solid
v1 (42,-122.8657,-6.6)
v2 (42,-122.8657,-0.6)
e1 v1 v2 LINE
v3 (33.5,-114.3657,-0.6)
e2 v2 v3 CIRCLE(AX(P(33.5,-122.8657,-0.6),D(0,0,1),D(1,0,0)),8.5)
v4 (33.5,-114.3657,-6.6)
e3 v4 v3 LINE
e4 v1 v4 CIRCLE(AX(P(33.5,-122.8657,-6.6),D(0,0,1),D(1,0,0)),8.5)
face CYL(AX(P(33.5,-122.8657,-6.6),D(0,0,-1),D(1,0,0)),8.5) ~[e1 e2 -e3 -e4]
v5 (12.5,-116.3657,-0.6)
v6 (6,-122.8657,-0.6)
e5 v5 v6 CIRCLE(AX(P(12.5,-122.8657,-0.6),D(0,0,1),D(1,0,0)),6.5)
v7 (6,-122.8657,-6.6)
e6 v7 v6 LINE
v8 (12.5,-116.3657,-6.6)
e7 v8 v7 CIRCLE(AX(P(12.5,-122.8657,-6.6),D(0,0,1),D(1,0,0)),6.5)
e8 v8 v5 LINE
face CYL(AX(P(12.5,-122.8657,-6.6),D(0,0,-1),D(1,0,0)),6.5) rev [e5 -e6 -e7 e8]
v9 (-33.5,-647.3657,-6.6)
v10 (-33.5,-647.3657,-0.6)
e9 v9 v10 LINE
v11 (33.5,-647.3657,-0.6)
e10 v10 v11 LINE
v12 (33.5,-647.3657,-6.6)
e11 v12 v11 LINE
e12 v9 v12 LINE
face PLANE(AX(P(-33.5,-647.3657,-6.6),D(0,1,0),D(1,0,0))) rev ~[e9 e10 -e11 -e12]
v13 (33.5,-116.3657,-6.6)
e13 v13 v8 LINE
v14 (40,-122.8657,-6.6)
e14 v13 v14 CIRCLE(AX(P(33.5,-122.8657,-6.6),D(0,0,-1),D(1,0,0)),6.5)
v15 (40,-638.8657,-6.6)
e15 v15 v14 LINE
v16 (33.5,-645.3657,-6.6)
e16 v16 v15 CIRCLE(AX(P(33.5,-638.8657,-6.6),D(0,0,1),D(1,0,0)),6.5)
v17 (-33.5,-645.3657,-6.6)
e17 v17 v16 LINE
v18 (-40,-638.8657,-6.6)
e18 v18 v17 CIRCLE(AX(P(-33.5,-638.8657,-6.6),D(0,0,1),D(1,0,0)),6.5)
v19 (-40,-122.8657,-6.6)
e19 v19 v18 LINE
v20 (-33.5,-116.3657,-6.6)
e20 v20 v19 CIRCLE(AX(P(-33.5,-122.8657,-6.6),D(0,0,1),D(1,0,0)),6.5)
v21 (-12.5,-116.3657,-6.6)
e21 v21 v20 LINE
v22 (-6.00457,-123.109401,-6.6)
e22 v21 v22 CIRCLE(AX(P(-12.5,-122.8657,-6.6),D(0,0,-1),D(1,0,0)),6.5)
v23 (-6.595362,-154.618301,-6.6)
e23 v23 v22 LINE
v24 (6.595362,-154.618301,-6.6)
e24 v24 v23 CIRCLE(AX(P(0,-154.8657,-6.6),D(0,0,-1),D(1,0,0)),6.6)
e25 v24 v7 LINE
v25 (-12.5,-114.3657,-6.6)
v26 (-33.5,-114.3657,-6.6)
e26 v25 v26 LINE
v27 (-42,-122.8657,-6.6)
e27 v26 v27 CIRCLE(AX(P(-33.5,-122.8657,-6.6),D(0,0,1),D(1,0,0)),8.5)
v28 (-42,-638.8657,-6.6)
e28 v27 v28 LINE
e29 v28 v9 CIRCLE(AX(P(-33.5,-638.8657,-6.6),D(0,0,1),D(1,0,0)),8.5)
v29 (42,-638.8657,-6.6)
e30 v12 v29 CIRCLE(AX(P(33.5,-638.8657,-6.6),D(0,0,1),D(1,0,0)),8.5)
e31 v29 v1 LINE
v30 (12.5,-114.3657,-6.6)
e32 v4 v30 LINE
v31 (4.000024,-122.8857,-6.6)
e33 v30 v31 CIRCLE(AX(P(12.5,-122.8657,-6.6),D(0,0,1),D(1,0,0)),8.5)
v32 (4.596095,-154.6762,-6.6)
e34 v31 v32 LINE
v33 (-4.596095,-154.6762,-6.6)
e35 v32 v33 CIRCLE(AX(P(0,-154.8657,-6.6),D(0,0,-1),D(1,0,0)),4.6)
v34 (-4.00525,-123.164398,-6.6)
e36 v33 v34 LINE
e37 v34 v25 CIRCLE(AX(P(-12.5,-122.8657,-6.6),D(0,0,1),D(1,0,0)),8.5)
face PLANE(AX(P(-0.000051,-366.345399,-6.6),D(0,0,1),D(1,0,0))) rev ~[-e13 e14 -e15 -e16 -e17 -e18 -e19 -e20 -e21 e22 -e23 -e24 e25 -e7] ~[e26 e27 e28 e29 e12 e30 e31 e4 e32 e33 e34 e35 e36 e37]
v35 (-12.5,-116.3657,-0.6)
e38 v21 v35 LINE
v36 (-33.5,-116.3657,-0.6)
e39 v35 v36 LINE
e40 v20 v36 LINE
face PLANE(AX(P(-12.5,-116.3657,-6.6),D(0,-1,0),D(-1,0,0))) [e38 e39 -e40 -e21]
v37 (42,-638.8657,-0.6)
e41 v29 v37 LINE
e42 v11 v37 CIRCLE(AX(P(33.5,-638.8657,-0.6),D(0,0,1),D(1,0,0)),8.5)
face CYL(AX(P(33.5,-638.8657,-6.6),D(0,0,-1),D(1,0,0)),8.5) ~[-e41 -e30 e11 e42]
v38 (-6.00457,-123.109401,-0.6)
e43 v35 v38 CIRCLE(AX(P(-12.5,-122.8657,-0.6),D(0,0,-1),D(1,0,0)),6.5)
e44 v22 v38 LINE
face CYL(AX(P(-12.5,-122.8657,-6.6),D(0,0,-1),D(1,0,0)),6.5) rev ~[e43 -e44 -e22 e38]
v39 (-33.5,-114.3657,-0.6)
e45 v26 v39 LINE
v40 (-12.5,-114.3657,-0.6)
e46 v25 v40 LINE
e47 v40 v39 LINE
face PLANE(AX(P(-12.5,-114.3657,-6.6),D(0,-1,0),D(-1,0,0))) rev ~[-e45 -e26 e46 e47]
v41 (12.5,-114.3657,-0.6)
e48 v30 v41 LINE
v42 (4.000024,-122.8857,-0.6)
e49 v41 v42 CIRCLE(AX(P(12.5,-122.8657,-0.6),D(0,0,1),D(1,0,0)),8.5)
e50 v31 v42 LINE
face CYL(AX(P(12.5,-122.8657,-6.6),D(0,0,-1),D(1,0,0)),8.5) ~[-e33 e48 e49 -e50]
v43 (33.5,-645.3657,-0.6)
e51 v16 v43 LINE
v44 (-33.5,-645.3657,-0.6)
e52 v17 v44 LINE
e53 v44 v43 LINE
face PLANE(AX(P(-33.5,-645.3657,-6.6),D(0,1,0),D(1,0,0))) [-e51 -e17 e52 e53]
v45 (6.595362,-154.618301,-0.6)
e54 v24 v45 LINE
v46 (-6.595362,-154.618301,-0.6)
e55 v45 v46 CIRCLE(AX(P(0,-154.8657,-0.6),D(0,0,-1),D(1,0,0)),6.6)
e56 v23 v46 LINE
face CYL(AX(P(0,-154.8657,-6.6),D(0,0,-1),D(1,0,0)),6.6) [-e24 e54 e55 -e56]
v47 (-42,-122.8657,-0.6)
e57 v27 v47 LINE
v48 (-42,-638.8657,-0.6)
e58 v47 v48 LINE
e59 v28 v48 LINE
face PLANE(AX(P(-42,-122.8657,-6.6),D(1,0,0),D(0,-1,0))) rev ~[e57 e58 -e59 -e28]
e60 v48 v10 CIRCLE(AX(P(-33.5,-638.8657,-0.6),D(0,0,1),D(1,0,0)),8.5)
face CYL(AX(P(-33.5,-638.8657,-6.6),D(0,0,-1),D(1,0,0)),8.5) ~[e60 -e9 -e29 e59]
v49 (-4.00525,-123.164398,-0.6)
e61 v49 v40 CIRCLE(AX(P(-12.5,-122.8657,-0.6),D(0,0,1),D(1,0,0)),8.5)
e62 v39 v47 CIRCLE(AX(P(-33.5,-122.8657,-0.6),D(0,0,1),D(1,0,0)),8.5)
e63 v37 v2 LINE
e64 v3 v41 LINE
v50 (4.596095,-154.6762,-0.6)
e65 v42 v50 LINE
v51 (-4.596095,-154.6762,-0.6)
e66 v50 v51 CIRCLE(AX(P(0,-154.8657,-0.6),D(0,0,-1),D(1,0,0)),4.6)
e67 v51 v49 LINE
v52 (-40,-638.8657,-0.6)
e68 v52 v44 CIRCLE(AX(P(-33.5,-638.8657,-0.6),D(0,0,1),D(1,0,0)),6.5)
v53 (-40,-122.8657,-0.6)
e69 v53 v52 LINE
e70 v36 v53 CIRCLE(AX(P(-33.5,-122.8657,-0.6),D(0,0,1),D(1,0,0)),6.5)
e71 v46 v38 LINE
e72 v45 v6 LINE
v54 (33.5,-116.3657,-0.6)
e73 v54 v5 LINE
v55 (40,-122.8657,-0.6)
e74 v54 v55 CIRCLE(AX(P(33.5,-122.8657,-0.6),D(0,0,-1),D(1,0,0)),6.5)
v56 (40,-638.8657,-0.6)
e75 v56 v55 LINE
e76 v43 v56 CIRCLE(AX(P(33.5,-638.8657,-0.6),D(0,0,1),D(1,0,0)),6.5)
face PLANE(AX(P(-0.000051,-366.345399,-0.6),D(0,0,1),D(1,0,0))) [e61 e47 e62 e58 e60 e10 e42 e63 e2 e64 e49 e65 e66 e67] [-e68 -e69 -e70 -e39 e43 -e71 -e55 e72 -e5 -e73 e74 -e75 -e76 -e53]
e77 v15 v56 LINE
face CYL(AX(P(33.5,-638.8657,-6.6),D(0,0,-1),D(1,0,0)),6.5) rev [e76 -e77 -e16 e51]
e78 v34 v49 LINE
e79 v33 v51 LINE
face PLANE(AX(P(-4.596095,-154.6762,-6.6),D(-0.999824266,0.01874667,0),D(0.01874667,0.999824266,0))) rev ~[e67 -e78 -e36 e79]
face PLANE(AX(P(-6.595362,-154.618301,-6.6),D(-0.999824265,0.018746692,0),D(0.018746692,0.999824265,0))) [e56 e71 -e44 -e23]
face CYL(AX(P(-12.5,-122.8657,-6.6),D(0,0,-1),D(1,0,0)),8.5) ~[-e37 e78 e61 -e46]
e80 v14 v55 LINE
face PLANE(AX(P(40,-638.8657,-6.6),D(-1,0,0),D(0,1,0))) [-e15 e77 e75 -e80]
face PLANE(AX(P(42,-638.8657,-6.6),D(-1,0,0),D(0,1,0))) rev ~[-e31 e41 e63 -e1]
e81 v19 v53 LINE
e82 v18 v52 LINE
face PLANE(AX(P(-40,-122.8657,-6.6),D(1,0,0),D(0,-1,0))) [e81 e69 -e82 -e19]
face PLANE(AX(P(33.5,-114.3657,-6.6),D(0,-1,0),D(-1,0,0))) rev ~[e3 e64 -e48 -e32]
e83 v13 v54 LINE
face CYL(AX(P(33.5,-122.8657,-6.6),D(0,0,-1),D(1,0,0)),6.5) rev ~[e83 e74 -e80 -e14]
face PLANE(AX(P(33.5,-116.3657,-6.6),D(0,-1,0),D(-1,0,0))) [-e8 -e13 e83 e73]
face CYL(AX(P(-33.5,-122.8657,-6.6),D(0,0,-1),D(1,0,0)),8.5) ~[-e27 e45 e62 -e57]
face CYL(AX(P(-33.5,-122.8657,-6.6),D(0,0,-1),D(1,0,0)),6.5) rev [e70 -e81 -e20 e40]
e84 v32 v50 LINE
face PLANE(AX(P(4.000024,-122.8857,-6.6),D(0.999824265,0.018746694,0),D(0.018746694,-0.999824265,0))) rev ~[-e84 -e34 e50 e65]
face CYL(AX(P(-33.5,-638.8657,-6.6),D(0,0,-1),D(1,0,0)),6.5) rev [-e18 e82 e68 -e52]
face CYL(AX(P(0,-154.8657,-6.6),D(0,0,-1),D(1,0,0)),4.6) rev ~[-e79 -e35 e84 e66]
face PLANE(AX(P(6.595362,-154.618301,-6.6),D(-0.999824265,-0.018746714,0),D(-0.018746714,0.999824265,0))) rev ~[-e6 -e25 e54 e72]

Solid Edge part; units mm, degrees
sketch "Sketch1" plane through (0, 0, -6.6) normal (0, 0, 1) x (1, 0, 0)
  line L0 (-40, -122.8657) -> (-40, -638.8657)
  line L1 (-33.5, -645.3657) -> (33.5, -645.3657)
  line L2 (40, -638.8657) -> (40, -122.8657)
  line L3 (33.5, -116.3657) -> (12.5, -116.3657)
  line L4 (6.5954, -154.6183) -> (6, -122.8657)
  line L5 (-6.5954, -154.6183) -> (-6.0046, -123.1094)
  line L6 (-12.5, -116.3657) -> (-33.5, -116.3657)
  arc A0 (-40, -638.8657) -> (-33.5, -645.3657) centre (-33.5, -638.8657) ccw
  arc A1 (33.5, -645.3657) -> (40, -638.8657) centre (33.5, -638.8657) ccw
  arc A2 (33.5, -116.3657) -> (40, -122.8657) centre (33.5, -122.8657) cw
  arc A3 (12.5, -116.3657) -> (6, -122.8657) centre (12.5, -122.8657) ccw
  arc A4 (6.5954, -154.6183) -> (-6.5954, -154.6183) centre (0, -154.8657) cw
  arc A5 (-12.5, -116.3657) -> (-6.0046, -123.1094) centre (-12.5, -122.8657) cw
  arc A6 (-33.5, -116.3657) -> (-40, -122.8657) centre (-33.5, -122.8657) ccw
  line L7 (-42, -122.8657) -> (-42, -638.8657)
  arc A7 (-42, -638.8657) -> (-33.5, -647.3657) centre (-33.5, -638.8657) ccw
  line L8 (-33.5, -647.3657) -> (33.5, -647.3657)
  arc A8 (33.5, -647.3657) -> (42, -638.8657) centre (33.5, -638.8657) ccw
  line L9 (42, -638.8657) -> (42, -122.8657)
  arc A9 (42, -122.8657) -> (33.5, -114.3657) centre (33.5, -122.8657) ccw
  line L10 (33.5, -114.3657) -> (12.5, -114.3657)
  arc A10 (12.5, -114.3657) -> (4, -122.8857) centre (12.5, -122.8657) ccw
  line L11 (4, -122.8857) -> (4.5961, -154.6762)
  arc A11 (4.5961, -154.6762) -> (-4.5961, -154.6762) centre (0, -154.8657) cw
  line L12 (-4.5961, -154.6762) -> (-4.0052, -123.1644)
  arc A12 (-4.0052, -123.1644) -> (-12.5, -114.3657) centre (-12.5, -122.8657) ccw
  line L13 (-12.5, -114.3657) -> (-33.5, -114.3657)
  arc A13 (-33.5, -114.3657) -> (-42, -122.8657) centre (-33.5, -122.8657) ccw
extrude "Protrusion1" add sketch "Sketch1" along normal blind 6
properties material "PVC"
